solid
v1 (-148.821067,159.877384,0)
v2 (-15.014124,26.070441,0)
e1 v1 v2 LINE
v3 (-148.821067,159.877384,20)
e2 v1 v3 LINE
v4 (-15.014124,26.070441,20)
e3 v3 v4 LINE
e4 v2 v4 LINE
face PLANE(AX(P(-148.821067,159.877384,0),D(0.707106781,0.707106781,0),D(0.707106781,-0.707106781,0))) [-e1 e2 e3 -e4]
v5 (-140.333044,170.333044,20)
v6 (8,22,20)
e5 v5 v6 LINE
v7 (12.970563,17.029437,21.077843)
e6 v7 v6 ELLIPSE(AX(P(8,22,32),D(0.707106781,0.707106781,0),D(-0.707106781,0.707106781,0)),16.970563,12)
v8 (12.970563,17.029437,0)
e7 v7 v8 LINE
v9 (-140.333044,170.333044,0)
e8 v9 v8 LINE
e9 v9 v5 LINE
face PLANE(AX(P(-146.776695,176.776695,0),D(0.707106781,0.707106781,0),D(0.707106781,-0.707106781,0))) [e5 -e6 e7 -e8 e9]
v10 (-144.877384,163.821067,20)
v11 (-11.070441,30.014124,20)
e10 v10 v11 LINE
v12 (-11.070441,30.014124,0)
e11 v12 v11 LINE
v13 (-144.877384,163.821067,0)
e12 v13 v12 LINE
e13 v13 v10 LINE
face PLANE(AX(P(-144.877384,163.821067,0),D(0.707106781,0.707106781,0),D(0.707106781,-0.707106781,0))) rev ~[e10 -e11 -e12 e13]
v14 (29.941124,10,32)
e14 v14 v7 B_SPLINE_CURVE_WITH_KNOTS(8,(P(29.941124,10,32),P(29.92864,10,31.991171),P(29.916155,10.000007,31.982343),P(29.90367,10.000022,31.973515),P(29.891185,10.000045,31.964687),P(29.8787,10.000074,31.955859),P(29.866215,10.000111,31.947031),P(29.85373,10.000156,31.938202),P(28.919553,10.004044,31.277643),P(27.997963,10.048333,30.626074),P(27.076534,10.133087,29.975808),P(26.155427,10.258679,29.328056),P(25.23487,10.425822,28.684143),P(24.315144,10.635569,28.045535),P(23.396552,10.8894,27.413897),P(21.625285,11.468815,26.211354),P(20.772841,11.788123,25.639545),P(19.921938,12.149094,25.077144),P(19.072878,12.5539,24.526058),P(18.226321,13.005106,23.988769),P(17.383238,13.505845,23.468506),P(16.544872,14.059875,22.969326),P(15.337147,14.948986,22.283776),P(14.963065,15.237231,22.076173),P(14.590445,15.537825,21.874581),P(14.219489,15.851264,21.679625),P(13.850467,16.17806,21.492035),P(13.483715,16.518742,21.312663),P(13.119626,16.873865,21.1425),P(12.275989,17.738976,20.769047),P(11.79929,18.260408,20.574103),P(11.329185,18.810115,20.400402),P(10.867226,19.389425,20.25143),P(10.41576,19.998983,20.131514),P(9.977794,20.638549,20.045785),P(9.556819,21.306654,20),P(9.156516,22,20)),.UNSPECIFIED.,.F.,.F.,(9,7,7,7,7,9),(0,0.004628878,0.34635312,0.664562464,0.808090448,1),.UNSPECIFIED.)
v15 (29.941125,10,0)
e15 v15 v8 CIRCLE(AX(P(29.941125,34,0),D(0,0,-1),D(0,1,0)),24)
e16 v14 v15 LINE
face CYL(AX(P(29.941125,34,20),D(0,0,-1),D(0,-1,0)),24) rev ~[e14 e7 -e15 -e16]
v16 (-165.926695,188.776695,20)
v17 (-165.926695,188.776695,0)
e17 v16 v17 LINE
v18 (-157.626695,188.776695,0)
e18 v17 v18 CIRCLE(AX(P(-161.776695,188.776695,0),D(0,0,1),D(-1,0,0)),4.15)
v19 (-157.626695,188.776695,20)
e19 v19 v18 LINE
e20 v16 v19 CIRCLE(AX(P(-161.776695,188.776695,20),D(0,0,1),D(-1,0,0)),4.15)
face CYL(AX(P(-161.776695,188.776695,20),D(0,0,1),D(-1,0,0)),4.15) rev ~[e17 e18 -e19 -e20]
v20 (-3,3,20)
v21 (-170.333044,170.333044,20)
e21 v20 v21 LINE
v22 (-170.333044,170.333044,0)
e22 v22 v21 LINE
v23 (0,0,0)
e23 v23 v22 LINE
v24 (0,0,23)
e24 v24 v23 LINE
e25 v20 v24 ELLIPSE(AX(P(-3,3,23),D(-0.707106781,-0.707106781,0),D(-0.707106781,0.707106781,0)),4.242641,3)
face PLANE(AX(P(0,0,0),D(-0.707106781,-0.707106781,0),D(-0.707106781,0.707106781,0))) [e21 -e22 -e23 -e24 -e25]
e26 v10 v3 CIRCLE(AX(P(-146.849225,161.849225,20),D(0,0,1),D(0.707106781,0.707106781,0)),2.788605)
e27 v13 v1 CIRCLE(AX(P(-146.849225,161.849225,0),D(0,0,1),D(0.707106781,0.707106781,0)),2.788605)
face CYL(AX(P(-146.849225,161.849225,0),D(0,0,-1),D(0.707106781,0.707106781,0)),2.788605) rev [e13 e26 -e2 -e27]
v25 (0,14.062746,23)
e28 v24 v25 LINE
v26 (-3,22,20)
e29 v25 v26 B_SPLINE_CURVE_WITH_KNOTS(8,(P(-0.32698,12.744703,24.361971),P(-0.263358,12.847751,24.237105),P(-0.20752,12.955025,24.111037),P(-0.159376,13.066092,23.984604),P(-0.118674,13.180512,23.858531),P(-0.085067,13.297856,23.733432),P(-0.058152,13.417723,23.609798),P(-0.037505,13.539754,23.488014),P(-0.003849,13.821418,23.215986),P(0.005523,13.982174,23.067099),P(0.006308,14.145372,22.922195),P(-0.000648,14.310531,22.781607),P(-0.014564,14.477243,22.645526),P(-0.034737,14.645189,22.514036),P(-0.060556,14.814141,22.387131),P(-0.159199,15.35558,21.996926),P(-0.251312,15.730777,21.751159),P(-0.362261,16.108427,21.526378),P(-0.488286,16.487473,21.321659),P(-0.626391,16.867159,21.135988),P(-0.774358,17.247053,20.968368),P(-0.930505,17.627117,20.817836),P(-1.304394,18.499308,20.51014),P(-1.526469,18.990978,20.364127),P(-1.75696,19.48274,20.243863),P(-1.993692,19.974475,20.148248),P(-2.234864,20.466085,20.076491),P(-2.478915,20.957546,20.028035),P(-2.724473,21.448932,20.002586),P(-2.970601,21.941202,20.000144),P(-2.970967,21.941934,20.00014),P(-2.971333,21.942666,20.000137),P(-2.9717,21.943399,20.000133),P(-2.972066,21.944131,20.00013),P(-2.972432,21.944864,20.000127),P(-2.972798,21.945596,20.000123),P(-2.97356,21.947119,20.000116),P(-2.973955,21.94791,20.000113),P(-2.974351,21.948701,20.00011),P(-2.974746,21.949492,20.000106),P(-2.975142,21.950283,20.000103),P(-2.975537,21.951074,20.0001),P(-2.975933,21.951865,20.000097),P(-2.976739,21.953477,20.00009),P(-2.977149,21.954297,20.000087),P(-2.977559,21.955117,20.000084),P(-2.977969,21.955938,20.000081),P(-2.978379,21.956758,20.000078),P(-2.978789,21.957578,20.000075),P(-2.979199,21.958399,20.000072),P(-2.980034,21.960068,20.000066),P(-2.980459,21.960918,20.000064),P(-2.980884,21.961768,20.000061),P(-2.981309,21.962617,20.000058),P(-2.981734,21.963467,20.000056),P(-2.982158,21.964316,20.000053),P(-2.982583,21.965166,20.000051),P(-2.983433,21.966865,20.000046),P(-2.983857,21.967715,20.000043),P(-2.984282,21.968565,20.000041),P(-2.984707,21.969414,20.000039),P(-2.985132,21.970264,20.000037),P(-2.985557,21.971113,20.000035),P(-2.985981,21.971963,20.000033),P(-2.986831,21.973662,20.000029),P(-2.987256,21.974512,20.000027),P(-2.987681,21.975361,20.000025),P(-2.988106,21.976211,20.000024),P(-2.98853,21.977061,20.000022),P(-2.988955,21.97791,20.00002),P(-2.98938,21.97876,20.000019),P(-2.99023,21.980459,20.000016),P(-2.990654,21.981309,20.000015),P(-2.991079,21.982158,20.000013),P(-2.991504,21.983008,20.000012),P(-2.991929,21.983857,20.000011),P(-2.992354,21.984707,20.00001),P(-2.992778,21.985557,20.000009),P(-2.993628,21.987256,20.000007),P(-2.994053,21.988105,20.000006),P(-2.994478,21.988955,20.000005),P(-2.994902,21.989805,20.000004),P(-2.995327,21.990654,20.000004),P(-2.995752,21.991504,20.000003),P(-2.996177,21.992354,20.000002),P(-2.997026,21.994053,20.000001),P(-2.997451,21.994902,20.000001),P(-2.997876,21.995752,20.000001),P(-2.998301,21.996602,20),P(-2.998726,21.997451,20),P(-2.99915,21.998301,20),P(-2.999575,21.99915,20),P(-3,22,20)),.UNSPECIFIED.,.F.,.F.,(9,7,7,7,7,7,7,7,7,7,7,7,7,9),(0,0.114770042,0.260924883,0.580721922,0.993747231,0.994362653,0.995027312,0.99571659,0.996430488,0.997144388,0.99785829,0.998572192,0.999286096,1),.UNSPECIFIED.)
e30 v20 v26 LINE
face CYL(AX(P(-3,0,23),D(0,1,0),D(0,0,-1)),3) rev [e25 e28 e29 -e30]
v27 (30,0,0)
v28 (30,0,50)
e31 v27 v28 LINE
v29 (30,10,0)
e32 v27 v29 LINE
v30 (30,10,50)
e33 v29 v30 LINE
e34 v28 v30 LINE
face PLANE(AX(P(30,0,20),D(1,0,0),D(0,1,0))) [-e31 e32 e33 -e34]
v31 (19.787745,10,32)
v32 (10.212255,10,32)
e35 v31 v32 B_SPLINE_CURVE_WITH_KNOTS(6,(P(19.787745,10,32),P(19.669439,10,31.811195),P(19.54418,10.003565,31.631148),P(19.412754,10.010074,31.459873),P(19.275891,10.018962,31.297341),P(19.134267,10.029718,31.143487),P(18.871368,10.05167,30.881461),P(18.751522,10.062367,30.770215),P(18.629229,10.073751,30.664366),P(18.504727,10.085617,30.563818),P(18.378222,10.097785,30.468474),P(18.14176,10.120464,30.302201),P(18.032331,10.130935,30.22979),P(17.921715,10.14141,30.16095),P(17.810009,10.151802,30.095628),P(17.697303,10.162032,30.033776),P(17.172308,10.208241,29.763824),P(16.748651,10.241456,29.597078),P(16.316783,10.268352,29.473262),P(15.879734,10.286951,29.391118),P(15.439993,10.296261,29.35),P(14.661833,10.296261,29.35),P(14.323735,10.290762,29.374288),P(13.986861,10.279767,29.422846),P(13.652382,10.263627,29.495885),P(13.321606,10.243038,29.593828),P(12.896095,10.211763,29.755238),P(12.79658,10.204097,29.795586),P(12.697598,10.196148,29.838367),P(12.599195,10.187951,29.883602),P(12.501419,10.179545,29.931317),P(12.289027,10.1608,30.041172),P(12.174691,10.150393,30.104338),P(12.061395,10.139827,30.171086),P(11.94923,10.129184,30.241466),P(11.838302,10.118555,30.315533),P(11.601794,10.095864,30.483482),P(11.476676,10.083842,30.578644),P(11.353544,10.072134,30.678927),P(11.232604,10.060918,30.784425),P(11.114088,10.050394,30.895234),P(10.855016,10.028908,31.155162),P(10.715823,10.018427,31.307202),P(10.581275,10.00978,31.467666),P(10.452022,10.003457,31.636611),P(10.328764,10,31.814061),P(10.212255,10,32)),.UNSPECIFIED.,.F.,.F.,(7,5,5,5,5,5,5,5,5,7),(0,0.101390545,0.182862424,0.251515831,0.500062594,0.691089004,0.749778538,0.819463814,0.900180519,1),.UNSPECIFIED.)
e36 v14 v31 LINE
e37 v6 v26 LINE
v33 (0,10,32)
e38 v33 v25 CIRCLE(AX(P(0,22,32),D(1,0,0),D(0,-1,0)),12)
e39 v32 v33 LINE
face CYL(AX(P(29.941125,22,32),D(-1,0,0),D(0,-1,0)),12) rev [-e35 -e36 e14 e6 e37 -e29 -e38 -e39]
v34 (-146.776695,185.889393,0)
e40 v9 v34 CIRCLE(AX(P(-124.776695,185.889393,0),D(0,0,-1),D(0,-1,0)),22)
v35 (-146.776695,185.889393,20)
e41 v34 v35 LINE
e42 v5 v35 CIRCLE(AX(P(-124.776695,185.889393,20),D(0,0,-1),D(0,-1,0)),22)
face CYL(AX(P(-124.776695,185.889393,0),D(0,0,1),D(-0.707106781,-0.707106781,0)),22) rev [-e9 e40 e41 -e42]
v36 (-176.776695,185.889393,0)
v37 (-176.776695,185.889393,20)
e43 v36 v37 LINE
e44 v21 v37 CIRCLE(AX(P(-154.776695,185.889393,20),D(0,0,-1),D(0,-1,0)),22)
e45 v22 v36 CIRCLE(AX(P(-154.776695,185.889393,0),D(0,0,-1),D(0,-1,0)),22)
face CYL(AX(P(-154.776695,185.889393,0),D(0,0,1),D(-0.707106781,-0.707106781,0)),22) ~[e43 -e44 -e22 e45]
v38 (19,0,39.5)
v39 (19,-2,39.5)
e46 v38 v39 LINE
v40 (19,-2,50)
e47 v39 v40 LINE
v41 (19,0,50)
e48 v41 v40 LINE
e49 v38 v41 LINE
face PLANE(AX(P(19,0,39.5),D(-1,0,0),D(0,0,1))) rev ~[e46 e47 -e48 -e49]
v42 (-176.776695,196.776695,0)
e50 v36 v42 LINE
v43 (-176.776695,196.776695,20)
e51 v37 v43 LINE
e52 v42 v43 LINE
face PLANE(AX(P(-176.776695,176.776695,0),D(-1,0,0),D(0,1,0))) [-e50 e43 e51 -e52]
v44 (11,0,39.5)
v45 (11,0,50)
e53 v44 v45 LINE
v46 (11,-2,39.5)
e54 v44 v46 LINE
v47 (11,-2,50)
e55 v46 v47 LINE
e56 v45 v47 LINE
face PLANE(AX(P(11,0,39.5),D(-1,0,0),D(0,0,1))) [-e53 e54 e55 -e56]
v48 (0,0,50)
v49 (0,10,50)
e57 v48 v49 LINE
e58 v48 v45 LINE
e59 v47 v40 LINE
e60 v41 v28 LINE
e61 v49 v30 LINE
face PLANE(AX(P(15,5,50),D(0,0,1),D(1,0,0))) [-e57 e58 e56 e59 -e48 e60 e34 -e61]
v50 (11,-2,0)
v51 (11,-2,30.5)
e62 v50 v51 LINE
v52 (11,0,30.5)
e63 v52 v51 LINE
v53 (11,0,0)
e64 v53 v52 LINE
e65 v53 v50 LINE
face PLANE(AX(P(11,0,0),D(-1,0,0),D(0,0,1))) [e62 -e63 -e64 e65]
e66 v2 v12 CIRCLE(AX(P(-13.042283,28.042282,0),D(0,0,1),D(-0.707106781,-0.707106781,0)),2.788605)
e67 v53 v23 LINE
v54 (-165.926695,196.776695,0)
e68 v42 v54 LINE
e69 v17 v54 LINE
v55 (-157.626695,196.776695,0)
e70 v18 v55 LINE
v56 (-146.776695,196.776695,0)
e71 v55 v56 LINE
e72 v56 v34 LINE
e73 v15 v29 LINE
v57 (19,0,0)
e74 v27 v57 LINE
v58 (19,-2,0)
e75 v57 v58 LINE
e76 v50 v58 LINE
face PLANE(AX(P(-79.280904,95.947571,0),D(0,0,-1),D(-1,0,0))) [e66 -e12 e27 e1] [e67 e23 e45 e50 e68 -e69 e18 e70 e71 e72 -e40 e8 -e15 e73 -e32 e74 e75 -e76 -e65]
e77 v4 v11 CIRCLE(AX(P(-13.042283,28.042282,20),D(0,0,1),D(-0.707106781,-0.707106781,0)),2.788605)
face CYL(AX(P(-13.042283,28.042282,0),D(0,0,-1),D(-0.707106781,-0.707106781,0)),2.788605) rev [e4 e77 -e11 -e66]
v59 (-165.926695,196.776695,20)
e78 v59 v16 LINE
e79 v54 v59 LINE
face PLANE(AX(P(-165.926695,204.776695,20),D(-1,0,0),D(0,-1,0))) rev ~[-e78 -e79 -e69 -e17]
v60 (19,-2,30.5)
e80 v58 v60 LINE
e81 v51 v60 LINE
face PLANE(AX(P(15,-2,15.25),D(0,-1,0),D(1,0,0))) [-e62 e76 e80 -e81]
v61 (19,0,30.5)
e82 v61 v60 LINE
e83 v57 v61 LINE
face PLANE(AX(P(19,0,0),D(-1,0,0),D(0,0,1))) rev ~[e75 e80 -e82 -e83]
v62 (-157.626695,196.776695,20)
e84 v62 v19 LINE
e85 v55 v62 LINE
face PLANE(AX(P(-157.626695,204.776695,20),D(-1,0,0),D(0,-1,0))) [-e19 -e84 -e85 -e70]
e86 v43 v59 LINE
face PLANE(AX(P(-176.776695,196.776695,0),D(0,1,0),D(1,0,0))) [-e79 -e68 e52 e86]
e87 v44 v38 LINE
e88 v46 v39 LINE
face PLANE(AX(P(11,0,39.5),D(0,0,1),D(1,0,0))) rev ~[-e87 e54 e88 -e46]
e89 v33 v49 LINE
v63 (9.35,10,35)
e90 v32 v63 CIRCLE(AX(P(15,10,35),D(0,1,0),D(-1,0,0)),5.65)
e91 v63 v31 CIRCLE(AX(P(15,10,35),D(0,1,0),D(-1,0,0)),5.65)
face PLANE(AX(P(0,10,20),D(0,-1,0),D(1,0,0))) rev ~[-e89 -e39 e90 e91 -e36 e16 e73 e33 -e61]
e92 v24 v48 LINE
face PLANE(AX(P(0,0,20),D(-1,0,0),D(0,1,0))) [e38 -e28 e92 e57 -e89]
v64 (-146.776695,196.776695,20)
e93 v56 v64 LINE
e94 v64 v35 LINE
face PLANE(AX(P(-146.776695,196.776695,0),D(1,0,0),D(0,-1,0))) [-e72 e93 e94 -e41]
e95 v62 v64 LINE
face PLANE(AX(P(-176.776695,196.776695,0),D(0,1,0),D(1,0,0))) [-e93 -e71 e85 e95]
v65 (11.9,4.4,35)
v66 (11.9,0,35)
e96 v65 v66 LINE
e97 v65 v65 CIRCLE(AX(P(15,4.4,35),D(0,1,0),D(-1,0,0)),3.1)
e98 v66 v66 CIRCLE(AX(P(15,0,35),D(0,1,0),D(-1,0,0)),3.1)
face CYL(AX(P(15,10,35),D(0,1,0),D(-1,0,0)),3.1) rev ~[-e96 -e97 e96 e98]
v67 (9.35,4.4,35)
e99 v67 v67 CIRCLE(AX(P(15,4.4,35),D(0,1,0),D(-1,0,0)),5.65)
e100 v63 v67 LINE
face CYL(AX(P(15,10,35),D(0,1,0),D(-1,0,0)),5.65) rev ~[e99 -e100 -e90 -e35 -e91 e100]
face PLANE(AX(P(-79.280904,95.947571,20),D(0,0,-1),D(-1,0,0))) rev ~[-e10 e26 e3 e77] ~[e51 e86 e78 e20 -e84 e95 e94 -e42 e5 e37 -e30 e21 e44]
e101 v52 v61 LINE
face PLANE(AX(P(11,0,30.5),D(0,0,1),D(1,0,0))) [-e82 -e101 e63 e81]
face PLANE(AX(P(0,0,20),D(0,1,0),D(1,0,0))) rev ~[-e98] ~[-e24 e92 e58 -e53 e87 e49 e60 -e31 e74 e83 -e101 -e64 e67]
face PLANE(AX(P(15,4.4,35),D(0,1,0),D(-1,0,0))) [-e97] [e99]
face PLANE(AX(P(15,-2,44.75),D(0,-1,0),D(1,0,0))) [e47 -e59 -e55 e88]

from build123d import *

# Parameters (mm, degrees)
PAD_DEPTH            = 20
SKETCH001_W          = 30
SKETCH001_H          = 10
PAD001_DEPTH         = 30
PAD001_DEPTH_BACK    = 20
FILLET_R             = 3
FILLET001_R          = 24
FILLET002_R          = 12
SKETCH002_R          = 3.1
POCKET_DEPTH         = 10.001
SKETCH003_R          = 5.65
POCKET001_DEPTH      = 5.6
POCKET001_DEPTH_BACK = 5
POCKET002_DEPTH      = 20.001
FILLET003_R          = 22
FILLET004_R          = 22
SKETCH005_W          = 8
SKETCH005_H          = 10.5
SKETCH005_H_2        = 30.5
PAD002_DEPTH         = 2


with BuildPart() as part:
    # Sketch → Pad (new body)
    with BuildSketch(Plane.XY):
        Polygon((-146.776695, 176.776695), (30, 0), (0, 0), (-176.776695, 176.776695), (-176.776695, 196.776695), (-146.776695, 196.776695), align=None)
        with BuildLine():
            ThreePointArc((-144.877384, 163.821067), (-148.821067, 163.821067), (-148.821067, 159.877384))
            Line((-148.821067, 159.877384), (-15.014124, 26.070441))
            ThreePointArc((-15.014124, 26.070441), (-11.070441, 26.070441), (-11.070441, 30.014124))
            Line((-144.877384, 163.821067), (-11.070441, 30.014124))
        make_face(mode=Mode.SUBTRACT)
    extrude(amount=PAD_DEPTH)

    # Sketch001 (on Face12 of Pad) → Pad001 (join, two sides)
    with BuildSketch(Plane.XY.offset(20)) as pad001_sk:
        with Locations((15, 5)):
            Rectangle(SKETCH001_W, SKETCH001_H)
    extrude(amount=PAD001_DEPTH)
    extrude(pad001_sk.sketch, amount=-PAD001_DEPTH_BACK)

    # Fillet
    fillet_edges = [part.edges().sort_by_distance(p)[0] for p in [
        (0, 5, 20),
    ]]
    fillet(fillet_edges, radius=FILLET_R)

    # Fillet001
    fillet001_edges = [part.edges().sort_by_distance(p)[0] for p in [
        (20, 10, 10),
    ]]
    fillet(fillet001_edges, radius=FILLET001_R)

    # Fillet002
    fillet002_edges = [part.edges().sort_by_distance(p)[0] for p in [
        (8.5, 10, 20),
    ]]
    fillet(fillet002_edges, radius=FILLET002_R)

    # Sketch002 (on Face1 of Fillet002) → Pocket (cut, through all)
    with BuildSketch(Plane(origin=(0, 10, 0), x_dir=(-1, 0, 0), z_dir=(0, 1, 0))):
        with Locations((-15, 35)):
            Circle(SKETCH002_R)
    extrude(amount=-POCKET_DEPTH, mode=Mode.SUBTRACT)

    # Sketch003 (on Face1 of Pocket) → Pocket001 (cut, two sides)
    with BuildSketch(Plane(origin=(0, 10, 0), x_dir=(-1, 0, 0), z_dir=(0, 1, 0))) as pocket001_sk:
        with Locations((-15, 35)):
            Circle(SKETCH003_R)
    extrude(amount=-POCKET001_DEPTH, mode=Mode.SUBTRACT)
    extrude(pocket001_sk.sketch, amount=POCKET001_DEPTH_BACK, mode=Mode.SUBTRACT)

    # Sketch004 (on Face21 of Pocket001) → Pocket002 (cut, through all)
    with BuildSketch(Plane.XY.offset(20)):
        with BuildLine():
            ThreePointArc((-157.626695, 204.776695), (-161.776695, 208.926695), (-165.926695, 204.776695))
            Line((-165.926695, 204.776695), (-165.926695, 188.776695))
            ThreePointArc((-165.926695, 188.776695), (-161.776695, 184.626695), (-157.626695, 188.776695))
            Line((-157.626695, 204.776695), (-157.626695, 188.776695))
        make_face()
    extrude(amount=-POCKET002_DEPTH, mode=Mode.SUBTRACT)

    # Fillet003
    fillet003_edges = [part.edges().sort_by_distance(p)[0] for p in [
        (-146.776695, 176.776695, 10),
    ]]
    fillet(fillet003_edges, radius=FILLET003_R)

    # Fillet004
    fillet004_edges = [part.edges().sort_by_distance(p)[0] for p in [
        (-176.776695, 176.776695, 10),
    ]]
    fillet(fillet004_edges, radius=FILLET004_R)

    # Sketch005 (on Face4 of Fillet004) → Pad002 (join)
    with BuildSketch(Plane.XZ):
        with Locations((15, 44.75)):
            Rectangle(SKETCH005_W, SKETCH005_H)
        with Locations((15, 15.25)):
            Rectangle(SKETCH005_W, SKETCH005_H_2)
    extrude(amount=PAD002_DEPTH)


solid = part.part
